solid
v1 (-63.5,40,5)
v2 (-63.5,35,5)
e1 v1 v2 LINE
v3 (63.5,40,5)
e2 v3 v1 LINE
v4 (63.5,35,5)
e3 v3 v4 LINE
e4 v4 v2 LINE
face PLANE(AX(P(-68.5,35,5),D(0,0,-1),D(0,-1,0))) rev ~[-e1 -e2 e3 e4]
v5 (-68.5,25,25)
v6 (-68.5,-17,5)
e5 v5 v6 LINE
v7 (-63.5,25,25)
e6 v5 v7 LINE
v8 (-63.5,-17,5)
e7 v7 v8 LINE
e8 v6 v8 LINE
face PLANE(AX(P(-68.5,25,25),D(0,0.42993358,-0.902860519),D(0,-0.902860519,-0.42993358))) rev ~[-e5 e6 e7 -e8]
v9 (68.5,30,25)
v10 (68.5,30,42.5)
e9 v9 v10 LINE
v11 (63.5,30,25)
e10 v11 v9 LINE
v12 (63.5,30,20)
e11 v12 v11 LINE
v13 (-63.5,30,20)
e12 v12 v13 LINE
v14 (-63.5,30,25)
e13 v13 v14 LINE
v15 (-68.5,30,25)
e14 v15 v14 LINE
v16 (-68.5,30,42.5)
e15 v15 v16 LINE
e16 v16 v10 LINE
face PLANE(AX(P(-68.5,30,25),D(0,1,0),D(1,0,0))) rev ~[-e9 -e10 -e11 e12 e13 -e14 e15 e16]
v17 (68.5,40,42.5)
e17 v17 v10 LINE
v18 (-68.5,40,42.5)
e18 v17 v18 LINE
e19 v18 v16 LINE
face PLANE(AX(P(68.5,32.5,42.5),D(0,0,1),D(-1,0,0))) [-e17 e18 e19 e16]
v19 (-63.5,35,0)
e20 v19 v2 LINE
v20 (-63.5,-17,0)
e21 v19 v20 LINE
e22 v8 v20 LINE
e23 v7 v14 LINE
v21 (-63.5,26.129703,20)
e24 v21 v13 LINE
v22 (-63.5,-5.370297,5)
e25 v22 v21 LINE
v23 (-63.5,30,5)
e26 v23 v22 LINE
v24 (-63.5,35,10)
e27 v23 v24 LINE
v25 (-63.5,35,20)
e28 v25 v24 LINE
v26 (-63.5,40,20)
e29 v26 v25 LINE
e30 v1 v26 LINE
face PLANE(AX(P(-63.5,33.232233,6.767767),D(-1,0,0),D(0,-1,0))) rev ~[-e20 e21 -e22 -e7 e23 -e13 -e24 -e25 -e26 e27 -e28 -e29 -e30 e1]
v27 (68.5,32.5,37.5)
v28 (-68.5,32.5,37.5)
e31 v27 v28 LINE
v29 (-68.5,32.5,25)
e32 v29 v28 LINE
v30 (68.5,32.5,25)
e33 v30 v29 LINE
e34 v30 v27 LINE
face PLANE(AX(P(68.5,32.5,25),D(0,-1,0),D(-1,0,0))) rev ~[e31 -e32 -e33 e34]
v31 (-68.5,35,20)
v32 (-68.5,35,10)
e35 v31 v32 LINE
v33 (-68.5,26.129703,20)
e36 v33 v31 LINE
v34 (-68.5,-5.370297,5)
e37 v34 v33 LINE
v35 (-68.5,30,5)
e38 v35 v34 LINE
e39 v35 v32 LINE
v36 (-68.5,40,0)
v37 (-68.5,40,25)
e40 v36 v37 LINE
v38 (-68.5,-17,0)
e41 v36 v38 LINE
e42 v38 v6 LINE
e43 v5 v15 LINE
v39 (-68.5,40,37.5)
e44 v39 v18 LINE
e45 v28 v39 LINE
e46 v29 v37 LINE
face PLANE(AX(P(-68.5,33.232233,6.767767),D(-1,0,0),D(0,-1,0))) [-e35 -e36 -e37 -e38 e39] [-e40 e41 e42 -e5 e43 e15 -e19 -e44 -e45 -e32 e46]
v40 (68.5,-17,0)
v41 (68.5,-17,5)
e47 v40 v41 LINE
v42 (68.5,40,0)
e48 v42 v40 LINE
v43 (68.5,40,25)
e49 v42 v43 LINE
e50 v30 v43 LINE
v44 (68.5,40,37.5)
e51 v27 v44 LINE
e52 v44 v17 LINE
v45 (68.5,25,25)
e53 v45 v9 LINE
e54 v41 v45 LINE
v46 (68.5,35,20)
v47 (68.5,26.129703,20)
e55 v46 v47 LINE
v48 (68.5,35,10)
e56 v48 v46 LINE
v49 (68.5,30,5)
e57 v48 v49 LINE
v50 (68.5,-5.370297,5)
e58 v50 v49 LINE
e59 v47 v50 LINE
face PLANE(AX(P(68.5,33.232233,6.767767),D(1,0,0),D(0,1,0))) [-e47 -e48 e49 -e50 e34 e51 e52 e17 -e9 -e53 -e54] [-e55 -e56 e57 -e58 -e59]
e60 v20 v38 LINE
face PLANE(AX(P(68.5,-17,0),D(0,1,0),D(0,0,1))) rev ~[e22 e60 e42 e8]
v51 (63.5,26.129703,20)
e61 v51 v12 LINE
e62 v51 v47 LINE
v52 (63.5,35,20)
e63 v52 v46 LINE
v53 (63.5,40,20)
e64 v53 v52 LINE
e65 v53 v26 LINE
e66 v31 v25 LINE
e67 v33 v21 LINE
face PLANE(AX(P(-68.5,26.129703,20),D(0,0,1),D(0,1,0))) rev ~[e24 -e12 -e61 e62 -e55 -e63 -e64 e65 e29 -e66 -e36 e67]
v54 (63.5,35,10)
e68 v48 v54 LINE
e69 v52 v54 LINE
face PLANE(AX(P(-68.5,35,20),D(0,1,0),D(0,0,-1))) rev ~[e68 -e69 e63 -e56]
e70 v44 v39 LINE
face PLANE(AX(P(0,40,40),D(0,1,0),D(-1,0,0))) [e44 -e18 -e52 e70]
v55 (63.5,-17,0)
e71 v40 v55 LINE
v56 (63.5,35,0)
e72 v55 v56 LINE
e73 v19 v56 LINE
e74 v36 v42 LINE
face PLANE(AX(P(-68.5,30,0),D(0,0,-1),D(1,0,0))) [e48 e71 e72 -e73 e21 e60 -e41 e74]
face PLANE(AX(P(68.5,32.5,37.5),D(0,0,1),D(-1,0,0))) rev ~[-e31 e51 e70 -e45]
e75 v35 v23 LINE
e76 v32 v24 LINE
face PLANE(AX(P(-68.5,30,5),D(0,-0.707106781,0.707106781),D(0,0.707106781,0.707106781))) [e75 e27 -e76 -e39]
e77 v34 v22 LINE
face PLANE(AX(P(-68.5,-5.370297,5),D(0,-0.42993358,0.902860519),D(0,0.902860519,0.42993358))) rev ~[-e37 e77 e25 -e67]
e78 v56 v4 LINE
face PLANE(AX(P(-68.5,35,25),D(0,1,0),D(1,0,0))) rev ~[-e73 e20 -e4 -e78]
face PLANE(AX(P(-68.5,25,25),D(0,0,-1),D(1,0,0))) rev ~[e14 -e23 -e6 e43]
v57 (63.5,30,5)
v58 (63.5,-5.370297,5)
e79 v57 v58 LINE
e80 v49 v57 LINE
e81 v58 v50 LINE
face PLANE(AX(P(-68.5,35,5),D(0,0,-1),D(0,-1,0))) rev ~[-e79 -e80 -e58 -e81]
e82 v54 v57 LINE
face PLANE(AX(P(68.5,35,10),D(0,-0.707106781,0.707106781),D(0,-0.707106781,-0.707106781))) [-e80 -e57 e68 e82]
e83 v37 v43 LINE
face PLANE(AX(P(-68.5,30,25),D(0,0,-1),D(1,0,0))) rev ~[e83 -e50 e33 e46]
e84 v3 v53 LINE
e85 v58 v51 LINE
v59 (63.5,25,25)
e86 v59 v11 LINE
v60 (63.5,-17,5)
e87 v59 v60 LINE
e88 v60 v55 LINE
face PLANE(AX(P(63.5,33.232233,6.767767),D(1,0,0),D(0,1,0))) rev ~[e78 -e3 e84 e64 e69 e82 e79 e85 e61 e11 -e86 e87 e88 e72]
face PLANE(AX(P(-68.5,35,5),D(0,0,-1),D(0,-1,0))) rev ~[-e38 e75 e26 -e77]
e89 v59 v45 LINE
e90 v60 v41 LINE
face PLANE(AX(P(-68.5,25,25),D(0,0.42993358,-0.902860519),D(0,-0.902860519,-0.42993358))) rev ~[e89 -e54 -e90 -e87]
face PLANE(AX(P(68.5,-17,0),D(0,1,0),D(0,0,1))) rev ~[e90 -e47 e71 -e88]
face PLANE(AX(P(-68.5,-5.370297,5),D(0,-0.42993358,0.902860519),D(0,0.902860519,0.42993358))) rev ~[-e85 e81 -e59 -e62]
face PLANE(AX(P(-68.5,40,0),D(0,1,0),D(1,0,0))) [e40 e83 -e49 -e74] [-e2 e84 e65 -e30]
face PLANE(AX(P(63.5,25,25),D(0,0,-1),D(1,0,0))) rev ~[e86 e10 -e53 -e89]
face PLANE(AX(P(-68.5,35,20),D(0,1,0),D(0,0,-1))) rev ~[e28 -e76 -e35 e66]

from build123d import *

# Parameters (mm, degrees)
F0_W      = 137
F0_H      = 60
F0_W_2    = 127
F0_H_2    = 50
F1_DEPTH  = 25
F3_DEPTH  = 137.001
F4_DEPTH  = 10
F6_DEPTH  = 17.5
F7_W      = 137
F7_H      = 5
F8_DEPTH  = 7.5
F11_DEPTH = 137.001
F12_DEPTH = 5
F14_DEPTH = 137.001
F9_W      = 127
F9_H      = 15
F15_DEPTH = 57.001
F17_DEPTH = 137.001
F18_DEPTH = 5
F20_DEPTH = 5
F22_DEPTH = 5


with BuildPart() as f1:
    # F0 (on Top) → F1 (new body)
    with BuildSketch(Plane.XY):
        Rectangle(F0_W, F0_H)
        Rectangle(F0_W_2, F0_H_2, mode=Mode.SUBTRACT)
    extrude(amount=F1_DEPTH)

    # F2 (on face) → F3 (cut, through all)
    with BuildSketch(Plane(origin=(-68.5, 0, 0), x_dir=(0, -1, 0), z_dir=(-1, 0, 0))):
        Polygon((30, 25), (-25, 25), (30, 5), align=None)
    extrude(amount=-F3_DEPTH, mode=Mode.SUBTRACT)

    # F4 (add): a face of the model
    f4_faces = [f1.faces().sort_by_distance(p)[0] for p in [
        (0, 30, 12.5),
    ]]
    extrude(f4_faces, amount=F4_DEPTH)

    # F5 (on face) → F6 (join)
    with BuildSketch(Plane.XY.offset(25)):
        Polygon((68.5, 32.5), (-68.5, 32.5), (-68.5, 25), (-63.5, 25), (63.5, 25), (68.5, 25), align=None)
    extrude(amount=F6_DEPTH)

    # F7 (on face) → F8 (join, through all)
    with BuildSketch(Plane(origin=(0, 32.5, 0), x_dir=(-1, 0, 0), z_dir=(0, 1, 0))):
        with Locations((0, 40)):
            Rectangle(F7_W, F7_H)
    extrude(amount=F8_DEPTH)

    # F10 (on face) → F11 (cut, through all)
    with BuildSketch(Plane.YZ.offset(68.5)):
        Polygon((-30, 0), (-17, 0), (-17, 9.7272727273), (-30, 5), align=None)
    extrude(amount=-F11_DEPTH, mode=Mode.SUBTRACT)

    # F12 (cut): a face of the model
    f12_faces = [f1.faces().sort_by_distance(p)[0] for p in [
        (0, 25, 21.6425527142),
    ]]
    extrude(f12_faces, amount=-F12_DEPTH, mode=Mode.SUBTRACT)

    # F13 (on face) → F14 (cut, through all)
    with BuildSketch(Plane(origin=(-68.5, 0, 0), x_dir=(0, -1, 0), z_dir=(-1, 0, 0))):
        Polygon((-25, 25), (17, 5), (17, 9.7272727273), align=None)
    extrude(amount=-F14_DEPTH, mode=Mode.SUBTRACT)

    # F9 (on face) → F15 (cut, through all)
    with BuildSketch(Plane(origin=(0, 40, 0), x_dir=(-1, 0, 0), z_dir=(0, 1, 0))):
        with Locations((0, 12.5)):
            Rectangle(F9_W, F9_H)
    extrude(amount=-F15_DEPTH, mode=Mode.SUBTRACT)

    # F16 (on face) → F17 (cut, through all)
    with BuildSketch(Plane(origin=(-68.5, 0, 0), x_dir=(0, -1, 0), z_dir=(-1, 0, 0))):
        Polygon((5.3702966504, 5), (-9.2771325107, 11.9749662672), (-26.1297033496, 20), (-35, 20), (-35, 5), align=None)
    extrude(amount=-F17_DEPTH, mode=Mode.SUBTRACT)

    # F18 (cut, through all): a face of the model
    f18_faces = [f1.faces().sort_by_distance(p)[0] for p in [
        (0, 30, 2.5),
    ]]
    extrude(f18_faces, amount=-F18_DEPTH, mode=Mode.SUBTRACT)

    # F19 (on face) → F20 (join)
    with BuildSketch(Plane(origin=(-68.5, 0, 0), x_dir=(0, -1, 0), z_dir=(-1, 0, 0))):
        Polygon((-35, 5), (-30, 5), (-35, 10), align=None)
    extrude(amount=-F20_DEPTH)

    # F21 (on face) → F22 (join)
    with BuildSketch(Plane.YZ.offset(68.5)):
        Polygon((35, 10), (30, 5), (35, 5), align=None)
    extrude(amount=-F22_DEPTH)


solid = f1.part
